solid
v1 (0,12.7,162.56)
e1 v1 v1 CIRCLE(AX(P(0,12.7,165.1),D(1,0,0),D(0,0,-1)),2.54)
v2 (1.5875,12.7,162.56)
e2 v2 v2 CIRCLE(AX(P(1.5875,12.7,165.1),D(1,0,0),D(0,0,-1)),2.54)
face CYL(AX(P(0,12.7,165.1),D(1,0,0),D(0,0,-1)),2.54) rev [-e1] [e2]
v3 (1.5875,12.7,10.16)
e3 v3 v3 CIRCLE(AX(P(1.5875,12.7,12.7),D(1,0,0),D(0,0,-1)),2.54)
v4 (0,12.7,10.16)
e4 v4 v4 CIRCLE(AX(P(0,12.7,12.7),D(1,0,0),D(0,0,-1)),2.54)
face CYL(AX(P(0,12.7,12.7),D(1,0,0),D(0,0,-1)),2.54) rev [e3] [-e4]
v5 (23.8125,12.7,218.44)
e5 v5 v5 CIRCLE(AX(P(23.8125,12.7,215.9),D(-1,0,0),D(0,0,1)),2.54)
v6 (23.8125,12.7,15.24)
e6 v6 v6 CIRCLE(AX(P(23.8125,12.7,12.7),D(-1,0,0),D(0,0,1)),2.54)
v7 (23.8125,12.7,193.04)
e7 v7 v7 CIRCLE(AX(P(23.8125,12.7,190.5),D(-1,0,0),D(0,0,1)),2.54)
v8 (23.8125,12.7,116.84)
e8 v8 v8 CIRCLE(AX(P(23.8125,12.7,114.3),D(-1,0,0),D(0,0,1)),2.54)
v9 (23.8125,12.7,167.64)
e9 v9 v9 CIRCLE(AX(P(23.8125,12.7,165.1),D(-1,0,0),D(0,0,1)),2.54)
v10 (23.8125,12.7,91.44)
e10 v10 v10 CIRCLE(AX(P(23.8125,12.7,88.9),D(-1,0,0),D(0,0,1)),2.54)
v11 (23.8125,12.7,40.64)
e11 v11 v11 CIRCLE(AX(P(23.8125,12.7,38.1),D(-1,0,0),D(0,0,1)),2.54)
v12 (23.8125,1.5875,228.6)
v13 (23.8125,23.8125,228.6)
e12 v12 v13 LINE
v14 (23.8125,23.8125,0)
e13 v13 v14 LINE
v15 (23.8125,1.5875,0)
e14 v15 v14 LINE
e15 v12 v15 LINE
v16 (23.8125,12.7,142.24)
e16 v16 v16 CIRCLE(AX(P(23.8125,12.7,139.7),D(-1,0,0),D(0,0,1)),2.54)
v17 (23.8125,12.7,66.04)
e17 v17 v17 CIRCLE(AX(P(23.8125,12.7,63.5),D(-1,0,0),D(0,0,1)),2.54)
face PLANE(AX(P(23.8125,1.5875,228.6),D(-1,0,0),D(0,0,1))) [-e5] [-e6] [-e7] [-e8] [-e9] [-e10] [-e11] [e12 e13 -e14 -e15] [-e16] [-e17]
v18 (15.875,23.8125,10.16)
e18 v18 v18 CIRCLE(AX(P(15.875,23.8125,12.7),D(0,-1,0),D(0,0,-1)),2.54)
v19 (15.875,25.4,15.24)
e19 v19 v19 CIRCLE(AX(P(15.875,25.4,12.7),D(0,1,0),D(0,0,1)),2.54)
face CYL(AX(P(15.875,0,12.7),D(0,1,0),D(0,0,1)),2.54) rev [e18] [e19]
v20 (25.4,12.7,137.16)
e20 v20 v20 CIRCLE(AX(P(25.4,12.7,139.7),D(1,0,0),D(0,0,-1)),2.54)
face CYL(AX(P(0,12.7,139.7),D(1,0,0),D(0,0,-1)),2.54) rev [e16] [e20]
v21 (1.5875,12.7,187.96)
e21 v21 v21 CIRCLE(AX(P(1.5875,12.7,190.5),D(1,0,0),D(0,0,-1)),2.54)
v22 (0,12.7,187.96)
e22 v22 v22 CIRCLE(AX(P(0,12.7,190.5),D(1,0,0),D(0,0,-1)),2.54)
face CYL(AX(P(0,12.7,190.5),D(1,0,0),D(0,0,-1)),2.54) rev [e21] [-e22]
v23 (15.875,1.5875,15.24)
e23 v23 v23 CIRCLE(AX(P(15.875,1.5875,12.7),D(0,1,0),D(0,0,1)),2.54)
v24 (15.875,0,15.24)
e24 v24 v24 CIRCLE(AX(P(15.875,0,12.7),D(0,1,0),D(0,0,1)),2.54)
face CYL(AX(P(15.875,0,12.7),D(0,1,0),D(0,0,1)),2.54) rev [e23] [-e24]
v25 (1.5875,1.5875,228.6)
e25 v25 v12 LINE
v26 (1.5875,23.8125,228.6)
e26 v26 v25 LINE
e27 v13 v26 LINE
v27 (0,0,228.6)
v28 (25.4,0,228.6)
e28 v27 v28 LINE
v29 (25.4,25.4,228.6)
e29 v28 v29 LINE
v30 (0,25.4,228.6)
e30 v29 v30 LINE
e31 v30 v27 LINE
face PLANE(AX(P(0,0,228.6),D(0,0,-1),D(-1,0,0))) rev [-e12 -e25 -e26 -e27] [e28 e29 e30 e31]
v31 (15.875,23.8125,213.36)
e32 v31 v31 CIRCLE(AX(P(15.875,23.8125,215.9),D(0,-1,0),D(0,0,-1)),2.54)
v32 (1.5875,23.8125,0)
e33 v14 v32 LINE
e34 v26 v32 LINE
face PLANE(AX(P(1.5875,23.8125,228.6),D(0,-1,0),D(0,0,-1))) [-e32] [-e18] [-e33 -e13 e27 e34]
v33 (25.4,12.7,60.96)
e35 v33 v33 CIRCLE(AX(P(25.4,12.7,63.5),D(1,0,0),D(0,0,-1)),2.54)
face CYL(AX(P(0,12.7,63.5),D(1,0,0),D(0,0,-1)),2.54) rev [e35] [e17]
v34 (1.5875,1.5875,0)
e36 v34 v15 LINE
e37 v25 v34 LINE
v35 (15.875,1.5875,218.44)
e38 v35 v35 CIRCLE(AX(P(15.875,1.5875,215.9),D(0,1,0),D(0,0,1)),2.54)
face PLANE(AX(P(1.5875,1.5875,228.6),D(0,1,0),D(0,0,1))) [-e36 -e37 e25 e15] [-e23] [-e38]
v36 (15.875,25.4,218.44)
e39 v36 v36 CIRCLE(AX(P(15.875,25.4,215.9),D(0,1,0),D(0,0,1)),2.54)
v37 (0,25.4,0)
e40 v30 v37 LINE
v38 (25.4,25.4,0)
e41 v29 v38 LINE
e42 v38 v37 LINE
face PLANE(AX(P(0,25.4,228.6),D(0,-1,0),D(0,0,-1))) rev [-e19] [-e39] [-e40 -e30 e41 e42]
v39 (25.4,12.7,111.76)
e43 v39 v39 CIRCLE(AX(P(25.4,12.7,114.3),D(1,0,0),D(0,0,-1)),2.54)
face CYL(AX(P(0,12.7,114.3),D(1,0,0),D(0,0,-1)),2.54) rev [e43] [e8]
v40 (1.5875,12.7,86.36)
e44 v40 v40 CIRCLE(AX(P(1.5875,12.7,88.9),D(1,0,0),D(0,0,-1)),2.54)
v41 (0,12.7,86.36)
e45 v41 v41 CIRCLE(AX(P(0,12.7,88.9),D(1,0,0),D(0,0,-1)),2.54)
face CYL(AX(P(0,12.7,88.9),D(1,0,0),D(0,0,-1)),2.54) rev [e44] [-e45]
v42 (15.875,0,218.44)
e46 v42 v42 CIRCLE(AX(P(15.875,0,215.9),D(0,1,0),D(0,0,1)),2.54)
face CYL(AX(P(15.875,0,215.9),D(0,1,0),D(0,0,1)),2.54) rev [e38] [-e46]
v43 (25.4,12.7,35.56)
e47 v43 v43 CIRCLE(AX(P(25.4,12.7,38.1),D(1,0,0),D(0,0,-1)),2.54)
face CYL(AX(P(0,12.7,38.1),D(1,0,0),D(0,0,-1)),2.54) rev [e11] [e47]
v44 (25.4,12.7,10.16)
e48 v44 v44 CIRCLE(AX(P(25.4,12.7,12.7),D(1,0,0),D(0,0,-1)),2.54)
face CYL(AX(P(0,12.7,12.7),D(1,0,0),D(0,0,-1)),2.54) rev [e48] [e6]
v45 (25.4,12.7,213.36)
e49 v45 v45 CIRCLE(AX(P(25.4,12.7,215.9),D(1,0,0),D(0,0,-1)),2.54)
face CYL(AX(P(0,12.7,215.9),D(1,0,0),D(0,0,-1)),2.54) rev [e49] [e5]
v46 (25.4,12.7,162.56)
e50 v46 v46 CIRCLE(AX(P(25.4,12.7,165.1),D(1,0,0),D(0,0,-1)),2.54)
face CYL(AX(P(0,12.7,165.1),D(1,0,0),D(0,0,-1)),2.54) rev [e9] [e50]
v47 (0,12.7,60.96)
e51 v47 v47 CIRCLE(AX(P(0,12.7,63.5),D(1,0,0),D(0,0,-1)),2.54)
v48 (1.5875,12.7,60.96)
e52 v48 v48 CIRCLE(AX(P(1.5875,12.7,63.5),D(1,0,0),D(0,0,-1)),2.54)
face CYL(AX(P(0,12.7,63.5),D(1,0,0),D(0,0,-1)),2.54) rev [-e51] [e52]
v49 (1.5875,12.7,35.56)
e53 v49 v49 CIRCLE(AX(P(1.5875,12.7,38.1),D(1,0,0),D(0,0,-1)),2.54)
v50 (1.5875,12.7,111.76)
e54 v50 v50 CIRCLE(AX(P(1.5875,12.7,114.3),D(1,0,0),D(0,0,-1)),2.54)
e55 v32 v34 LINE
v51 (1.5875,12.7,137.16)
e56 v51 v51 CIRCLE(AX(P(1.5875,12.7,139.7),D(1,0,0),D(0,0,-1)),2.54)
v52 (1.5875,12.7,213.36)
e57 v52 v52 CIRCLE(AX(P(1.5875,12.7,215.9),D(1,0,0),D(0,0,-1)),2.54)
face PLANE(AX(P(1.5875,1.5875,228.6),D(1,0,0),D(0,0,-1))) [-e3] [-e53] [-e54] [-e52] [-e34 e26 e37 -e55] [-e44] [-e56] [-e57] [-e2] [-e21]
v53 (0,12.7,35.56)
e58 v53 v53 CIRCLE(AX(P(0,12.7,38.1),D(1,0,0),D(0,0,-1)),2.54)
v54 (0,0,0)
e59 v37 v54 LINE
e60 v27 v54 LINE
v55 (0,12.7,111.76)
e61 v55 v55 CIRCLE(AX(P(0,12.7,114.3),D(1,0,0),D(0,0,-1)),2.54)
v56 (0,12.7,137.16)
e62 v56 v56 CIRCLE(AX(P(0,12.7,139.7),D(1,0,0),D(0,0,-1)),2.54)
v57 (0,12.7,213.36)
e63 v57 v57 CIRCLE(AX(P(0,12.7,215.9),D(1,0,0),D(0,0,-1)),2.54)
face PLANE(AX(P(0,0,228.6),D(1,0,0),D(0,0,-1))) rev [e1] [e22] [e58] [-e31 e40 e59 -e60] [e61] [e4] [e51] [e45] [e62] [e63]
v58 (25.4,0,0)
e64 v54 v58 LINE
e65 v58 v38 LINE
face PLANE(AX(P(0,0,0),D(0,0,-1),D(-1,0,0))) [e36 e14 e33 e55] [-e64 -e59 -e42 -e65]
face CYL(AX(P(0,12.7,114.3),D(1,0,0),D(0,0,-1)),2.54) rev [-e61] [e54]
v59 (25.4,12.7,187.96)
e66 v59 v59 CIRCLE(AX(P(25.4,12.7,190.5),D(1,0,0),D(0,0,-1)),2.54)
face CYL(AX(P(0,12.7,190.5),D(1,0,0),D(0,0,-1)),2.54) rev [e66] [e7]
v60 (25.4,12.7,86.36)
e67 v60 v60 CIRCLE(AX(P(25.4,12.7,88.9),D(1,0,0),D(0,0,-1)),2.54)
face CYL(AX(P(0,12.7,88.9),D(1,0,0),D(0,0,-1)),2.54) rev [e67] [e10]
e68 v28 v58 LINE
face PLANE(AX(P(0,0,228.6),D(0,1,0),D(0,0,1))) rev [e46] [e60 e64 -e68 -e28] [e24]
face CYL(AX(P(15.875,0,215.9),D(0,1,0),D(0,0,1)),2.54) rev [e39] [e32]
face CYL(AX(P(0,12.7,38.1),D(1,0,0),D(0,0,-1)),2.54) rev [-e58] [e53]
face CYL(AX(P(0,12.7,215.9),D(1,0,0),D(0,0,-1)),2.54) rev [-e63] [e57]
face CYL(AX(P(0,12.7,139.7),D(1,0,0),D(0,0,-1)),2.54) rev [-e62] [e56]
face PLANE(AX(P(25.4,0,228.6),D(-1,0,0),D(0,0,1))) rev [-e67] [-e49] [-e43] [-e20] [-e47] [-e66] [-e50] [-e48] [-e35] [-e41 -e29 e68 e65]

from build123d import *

# Parameters (mm, degrees)
SKETCH1_W           = 25.4
SKETCH1_H           = 25.4
SKETCH1_W_2         = 22.225
SKETCH1_H_2         = 22.225
BOSS_EXTRUDE1_DEPTH = 228.6
SKETCH3_R           = 2.54
CUT_EXTRUDE2_DEPTH  = 232.40501291
SKETCH4_R           = 2.54
CUT_EXTRUDE3_DEPTH  = 232.40501291


with BuildPart() as part:
    # Sketch1 → Boss-Extrude1 (new body)
    with BuildSketch(Plane.XY):
        with Locations((12.7, 12.7)):
            Rectangle(SKETCH1_W, SKETCH1_H)
        with Locations((12.7, 12.7)):
            Rectangle(SKETCH1_W_2, SKETCH1_H_2, mode=Mode.SUBTRACT)
    extrude(amount=BOSS_EXTRUDE1_DEPTH)

    # Sketch3 → Cut-Extrude2 (cut, through all)
    with BuildSketch(Plane(origin=(0, 25.4, 0), x_dir=(1, 0, 0), z_dir=(0, 1, 0))):
        with Locations(Location((15.875, -215.9, 0), (0, 0, 270))):
            Circle(SKETCH3_R)
        with Locations(Location((15.875, -12.7, 0), (0, 0, 270))):
            Circle(SKETCH3_R)
    extrude(amount=-CUT_EXTRUDE2_DEPTH, mode=Mode.SUBTRACT)

    # Sketch4 → Cut-Extrude3 (cut, through all)
    with BuildSketch(Plane(origin=(25.4, 0, 0), x_dir=(0, 0, -1), z_dir=(1, 0, 0))):
        with Locations((-215.9, 12.7)):
            Circle(SKETCH4_R)
        with Locations((-190.5, 12.7)):
            Circle(SKETCH4_R)
        with Locations((-165.1, 12.7)):
            Circle(SKETCH4_R)
        with Locations((-139.7, 12.7)):
            Circle(SKETCH4_R)
        with Locations((-114.3, 12.7)):
            Circle(SKETCH4_R)
        with Locations((-88.9, 12.7)):
            Circle(SKETCH4_R)
        with Locations((-63.5, 12.7)):
            Circle(SKETCH4_R)
        with Locations((-38.1, 12.7)):
            Circle(SKETCH4_R)
        with Locations((-12.7, 12.7)):
            Circle(SKETCH4_R)
    extrude(amount=-CUT_EXTRUDE3_DEPTH, mode=Mode.SUBTRACT)


solid = part.part
